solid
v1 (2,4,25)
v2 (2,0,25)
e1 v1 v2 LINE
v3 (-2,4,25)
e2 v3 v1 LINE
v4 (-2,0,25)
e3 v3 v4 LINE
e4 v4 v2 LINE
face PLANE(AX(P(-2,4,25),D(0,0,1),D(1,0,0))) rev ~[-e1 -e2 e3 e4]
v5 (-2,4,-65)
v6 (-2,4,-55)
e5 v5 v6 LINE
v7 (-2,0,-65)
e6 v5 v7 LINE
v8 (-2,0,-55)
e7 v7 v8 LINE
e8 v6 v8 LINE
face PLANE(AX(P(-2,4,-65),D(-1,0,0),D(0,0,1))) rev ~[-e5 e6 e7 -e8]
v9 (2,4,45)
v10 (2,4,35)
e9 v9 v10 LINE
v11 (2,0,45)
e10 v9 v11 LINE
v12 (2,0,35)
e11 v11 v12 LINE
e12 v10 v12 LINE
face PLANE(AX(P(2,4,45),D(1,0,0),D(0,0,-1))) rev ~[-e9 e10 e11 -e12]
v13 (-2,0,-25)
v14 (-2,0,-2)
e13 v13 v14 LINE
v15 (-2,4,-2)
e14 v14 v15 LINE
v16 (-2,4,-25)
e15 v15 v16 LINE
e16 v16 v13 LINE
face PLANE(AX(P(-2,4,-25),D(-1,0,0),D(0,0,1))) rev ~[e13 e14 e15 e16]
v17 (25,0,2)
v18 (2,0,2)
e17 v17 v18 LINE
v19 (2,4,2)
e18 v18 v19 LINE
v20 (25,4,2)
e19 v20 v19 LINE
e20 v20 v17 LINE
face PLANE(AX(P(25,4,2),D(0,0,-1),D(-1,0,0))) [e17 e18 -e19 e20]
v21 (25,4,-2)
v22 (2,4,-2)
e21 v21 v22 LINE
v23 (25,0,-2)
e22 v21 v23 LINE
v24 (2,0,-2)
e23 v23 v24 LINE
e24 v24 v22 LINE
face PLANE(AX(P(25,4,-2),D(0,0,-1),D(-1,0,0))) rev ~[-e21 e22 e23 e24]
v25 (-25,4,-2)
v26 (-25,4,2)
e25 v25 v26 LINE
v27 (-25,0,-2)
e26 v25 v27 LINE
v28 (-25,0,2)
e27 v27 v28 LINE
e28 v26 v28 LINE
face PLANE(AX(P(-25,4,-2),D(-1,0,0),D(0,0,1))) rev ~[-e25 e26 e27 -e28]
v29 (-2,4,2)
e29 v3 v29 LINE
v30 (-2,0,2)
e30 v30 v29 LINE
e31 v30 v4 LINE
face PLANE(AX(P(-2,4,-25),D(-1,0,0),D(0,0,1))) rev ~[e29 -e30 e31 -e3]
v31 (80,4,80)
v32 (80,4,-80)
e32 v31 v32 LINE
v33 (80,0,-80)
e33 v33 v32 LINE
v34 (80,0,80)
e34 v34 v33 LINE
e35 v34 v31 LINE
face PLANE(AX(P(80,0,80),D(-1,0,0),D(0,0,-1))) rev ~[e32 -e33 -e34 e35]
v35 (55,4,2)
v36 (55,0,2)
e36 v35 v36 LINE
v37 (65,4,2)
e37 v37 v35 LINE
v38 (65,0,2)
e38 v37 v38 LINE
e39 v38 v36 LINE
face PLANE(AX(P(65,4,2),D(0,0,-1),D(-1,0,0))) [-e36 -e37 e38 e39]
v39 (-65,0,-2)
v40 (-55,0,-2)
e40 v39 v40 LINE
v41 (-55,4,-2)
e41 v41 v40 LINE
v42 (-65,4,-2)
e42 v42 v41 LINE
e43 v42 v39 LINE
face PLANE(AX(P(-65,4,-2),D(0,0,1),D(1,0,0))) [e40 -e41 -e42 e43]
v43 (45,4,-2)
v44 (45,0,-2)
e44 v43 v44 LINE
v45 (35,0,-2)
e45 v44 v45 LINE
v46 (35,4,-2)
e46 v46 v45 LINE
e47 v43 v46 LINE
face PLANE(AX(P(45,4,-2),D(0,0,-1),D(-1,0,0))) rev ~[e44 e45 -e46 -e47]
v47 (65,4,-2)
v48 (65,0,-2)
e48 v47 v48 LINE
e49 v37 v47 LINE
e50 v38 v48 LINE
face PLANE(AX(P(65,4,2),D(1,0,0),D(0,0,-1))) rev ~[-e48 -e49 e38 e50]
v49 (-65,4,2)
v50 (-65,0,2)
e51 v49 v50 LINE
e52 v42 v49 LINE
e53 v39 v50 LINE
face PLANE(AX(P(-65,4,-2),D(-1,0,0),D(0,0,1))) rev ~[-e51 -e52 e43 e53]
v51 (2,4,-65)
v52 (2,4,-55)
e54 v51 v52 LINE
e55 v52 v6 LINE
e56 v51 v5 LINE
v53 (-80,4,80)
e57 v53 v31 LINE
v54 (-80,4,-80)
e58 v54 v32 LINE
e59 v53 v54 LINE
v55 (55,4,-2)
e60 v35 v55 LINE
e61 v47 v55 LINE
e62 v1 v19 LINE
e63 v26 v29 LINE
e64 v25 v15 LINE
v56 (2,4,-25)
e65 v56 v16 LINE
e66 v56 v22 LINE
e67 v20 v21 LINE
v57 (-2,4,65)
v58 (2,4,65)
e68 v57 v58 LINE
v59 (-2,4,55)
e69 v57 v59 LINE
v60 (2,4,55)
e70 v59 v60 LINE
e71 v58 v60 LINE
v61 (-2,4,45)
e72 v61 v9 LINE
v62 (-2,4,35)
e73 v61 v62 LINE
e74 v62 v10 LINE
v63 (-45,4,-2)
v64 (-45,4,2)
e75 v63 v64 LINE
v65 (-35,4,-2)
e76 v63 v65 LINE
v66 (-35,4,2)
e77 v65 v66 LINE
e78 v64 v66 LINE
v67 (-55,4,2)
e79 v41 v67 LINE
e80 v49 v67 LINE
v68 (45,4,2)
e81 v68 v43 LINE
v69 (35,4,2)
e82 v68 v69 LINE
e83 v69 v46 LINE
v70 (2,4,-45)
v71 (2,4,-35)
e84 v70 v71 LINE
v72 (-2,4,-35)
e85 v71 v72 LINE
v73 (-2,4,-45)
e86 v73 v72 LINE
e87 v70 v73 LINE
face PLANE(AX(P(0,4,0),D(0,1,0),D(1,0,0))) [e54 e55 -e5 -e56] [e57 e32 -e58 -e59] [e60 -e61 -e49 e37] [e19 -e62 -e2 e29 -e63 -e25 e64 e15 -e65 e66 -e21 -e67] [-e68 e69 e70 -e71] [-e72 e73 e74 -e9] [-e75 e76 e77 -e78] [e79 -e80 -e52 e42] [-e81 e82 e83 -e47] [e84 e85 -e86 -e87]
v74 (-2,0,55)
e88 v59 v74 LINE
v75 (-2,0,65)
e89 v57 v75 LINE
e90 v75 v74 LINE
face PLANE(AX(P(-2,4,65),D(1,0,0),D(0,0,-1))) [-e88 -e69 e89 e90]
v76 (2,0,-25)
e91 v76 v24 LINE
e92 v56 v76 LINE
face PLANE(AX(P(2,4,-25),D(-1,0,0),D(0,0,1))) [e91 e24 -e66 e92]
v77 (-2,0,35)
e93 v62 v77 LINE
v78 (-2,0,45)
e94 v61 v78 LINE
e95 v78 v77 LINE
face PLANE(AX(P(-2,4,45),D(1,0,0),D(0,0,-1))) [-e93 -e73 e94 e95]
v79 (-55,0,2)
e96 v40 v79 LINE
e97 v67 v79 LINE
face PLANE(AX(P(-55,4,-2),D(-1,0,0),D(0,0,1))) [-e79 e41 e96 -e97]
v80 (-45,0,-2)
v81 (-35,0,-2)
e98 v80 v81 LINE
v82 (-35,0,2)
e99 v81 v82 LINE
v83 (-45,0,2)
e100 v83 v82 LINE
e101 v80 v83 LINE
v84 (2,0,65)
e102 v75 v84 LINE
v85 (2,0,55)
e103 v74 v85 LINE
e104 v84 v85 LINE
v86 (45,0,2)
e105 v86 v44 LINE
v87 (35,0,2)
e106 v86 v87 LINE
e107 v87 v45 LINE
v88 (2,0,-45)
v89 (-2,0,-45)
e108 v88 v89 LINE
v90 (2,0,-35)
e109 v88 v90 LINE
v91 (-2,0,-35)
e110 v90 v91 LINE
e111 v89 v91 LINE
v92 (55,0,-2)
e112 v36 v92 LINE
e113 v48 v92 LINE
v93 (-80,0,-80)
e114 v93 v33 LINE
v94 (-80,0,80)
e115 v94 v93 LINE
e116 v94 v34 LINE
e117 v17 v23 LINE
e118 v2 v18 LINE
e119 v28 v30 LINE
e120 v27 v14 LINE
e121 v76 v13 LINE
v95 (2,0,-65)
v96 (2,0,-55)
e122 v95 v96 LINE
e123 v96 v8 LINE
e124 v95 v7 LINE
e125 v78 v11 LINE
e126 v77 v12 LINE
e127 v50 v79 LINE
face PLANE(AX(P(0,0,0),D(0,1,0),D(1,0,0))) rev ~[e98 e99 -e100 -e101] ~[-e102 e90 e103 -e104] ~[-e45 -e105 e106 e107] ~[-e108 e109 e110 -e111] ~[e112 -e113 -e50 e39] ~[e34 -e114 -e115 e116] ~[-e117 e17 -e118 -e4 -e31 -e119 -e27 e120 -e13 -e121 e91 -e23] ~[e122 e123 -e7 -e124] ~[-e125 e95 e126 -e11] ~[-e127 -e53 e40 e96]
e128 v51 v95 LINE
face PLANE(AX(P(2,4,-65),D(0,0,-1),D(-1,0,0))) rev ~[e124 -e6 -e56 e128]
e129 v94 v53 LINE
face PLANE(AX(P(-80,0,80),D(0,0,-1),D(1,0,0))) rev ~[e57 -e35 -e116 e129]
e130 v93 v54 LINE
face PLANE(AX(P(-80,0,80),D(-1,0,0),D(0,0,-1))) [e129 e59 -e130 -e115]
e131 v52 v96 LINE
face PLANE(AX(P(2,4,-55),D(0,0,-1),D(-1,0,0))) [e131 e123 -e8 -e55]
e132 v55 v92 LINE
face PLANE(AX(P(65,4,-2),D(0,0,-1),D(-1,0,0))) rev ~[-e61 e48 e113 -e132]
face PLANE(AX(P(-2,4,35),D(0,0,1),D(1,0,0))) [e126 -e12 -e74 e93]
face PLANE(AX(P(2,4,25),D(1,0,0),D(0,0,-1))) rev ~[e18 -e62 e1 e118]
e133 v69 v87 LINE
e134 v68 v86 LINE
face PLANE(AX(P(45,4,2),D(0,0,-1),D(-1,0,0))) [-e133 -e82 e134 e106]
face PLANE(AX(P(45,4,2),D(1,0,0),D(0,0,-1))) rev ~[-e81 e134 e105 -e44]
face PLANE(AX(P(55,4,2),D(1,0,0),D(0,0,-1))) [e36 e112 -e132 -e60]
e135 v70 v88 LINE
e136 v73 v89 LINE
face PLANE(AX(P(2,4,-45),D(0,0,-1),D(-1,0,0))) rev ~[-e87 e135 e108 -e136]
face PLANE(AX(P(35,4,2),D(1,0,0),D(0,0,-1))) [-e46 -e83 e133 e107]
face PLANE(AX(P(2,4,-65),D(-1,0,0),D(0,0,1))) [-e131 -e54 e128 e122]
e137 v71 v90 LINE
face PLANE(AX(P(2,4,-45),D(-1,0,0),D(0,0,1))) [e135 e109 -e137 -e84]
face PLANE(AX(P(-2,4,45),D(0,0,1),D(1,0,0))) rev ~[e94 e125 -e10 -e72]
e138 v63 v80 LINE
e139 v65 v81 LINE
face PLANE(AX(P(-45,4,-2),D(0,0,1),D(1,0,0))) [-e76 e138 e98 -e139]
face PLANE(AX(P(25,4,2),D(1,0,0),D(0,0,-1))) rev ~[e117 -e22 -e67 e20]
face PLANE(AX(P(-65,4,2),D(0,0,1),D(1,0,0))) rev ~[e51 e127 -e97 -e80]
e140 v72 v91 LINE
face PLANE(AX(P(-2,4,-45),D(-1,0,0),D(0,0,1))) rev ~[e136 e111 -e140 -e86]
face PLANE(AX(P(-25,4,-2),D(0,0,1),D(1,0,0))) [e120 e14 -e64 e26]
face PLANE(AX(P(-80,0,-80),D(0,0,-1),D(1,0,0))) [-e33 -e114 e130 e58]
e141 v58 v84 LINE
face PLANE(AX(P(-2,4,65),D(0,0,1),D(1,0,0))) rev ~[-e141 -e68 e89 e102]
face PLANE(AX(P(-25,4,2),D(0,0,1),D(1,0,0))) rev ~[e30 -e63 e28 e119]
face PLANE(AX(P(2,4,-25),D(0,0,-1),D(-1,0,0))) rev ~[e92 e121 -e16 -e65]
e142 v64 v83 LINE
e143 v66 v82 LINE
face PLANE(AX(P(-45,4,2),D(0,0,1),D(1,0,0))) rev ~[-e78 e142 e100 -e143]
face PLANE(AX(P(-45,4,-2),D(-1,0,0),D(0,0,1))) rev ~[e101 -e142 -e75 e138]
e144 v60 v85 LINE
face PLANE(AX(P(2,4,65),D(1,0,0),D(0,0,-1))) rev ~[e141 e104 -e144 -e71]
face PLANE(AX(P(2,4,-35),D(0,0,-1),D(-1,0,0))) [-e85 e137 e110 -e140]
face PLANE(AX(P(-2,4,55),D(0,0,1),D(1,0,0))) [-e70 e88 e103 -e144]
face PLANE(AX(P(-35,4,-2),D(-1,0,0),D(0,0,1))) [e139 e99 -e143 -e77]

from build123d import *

# Parameters (mm, degrees)
SKETCH1_W           = 160
SKETCH1_H           = 160
BOSS_EXTRUDE1_DEPTH = 4
SKETCH2_W           = 4
SKETCH2_H           = 25
SKETCH2_H_2         = 10
CUT_EXTRUDE1_DEPTH  = 5
CIRPATTERN1_COUNT   = 4


with BuildPart() as part:
    # Sketch1 → Boss-Extrude1 (new body)
    with BuildSketch(Plane(origin=(0, 0, 0), x_dir=(1, 0, 0), z_dir=(0, 1, 0))):
        Rectangle(SKETCH1_W, SKETCH1_H)
    extrude(amount=BOSS_EXTRUDE1_DEPTH)

    # Sketch2 → Cut-Extrude1 (cut, through all)
    with BuildSketch(Plane(origin=(0, 4, 0), x_dir=(1, 0, 0), z_dir=(0, 1, 0))):
        with Locations((0, -12.5)):
            Rectangle(SKETCH2_W, SKETCH2_H)
        with Locations((0, -40)):
            Rectangle(SKETCH2_W, SKETCH2_H_2)
        with Locations((0, -60)):
            Rectangle(SKETCH2_W, SKETCH2_H_2)
    cut_extrude1 = extrude(amount=-CUT_EXTRUDE1_DEPTH, mode=Mode.SUBTRACT)

    # CirPattern1: Cut-Extrude1 ×4 about axis
    cirpattern1_axis = Axis((0, 0, 0), (0, 1, 0))
    for i in range(1, CIRPATTERN1_COUNT):
        add(cut_extrude1.rotate(cirpattern1_axis, i * 360 / CIRPATTERN1_COUNT), mode=Mode.SUBTRACT)


solid = part.part
